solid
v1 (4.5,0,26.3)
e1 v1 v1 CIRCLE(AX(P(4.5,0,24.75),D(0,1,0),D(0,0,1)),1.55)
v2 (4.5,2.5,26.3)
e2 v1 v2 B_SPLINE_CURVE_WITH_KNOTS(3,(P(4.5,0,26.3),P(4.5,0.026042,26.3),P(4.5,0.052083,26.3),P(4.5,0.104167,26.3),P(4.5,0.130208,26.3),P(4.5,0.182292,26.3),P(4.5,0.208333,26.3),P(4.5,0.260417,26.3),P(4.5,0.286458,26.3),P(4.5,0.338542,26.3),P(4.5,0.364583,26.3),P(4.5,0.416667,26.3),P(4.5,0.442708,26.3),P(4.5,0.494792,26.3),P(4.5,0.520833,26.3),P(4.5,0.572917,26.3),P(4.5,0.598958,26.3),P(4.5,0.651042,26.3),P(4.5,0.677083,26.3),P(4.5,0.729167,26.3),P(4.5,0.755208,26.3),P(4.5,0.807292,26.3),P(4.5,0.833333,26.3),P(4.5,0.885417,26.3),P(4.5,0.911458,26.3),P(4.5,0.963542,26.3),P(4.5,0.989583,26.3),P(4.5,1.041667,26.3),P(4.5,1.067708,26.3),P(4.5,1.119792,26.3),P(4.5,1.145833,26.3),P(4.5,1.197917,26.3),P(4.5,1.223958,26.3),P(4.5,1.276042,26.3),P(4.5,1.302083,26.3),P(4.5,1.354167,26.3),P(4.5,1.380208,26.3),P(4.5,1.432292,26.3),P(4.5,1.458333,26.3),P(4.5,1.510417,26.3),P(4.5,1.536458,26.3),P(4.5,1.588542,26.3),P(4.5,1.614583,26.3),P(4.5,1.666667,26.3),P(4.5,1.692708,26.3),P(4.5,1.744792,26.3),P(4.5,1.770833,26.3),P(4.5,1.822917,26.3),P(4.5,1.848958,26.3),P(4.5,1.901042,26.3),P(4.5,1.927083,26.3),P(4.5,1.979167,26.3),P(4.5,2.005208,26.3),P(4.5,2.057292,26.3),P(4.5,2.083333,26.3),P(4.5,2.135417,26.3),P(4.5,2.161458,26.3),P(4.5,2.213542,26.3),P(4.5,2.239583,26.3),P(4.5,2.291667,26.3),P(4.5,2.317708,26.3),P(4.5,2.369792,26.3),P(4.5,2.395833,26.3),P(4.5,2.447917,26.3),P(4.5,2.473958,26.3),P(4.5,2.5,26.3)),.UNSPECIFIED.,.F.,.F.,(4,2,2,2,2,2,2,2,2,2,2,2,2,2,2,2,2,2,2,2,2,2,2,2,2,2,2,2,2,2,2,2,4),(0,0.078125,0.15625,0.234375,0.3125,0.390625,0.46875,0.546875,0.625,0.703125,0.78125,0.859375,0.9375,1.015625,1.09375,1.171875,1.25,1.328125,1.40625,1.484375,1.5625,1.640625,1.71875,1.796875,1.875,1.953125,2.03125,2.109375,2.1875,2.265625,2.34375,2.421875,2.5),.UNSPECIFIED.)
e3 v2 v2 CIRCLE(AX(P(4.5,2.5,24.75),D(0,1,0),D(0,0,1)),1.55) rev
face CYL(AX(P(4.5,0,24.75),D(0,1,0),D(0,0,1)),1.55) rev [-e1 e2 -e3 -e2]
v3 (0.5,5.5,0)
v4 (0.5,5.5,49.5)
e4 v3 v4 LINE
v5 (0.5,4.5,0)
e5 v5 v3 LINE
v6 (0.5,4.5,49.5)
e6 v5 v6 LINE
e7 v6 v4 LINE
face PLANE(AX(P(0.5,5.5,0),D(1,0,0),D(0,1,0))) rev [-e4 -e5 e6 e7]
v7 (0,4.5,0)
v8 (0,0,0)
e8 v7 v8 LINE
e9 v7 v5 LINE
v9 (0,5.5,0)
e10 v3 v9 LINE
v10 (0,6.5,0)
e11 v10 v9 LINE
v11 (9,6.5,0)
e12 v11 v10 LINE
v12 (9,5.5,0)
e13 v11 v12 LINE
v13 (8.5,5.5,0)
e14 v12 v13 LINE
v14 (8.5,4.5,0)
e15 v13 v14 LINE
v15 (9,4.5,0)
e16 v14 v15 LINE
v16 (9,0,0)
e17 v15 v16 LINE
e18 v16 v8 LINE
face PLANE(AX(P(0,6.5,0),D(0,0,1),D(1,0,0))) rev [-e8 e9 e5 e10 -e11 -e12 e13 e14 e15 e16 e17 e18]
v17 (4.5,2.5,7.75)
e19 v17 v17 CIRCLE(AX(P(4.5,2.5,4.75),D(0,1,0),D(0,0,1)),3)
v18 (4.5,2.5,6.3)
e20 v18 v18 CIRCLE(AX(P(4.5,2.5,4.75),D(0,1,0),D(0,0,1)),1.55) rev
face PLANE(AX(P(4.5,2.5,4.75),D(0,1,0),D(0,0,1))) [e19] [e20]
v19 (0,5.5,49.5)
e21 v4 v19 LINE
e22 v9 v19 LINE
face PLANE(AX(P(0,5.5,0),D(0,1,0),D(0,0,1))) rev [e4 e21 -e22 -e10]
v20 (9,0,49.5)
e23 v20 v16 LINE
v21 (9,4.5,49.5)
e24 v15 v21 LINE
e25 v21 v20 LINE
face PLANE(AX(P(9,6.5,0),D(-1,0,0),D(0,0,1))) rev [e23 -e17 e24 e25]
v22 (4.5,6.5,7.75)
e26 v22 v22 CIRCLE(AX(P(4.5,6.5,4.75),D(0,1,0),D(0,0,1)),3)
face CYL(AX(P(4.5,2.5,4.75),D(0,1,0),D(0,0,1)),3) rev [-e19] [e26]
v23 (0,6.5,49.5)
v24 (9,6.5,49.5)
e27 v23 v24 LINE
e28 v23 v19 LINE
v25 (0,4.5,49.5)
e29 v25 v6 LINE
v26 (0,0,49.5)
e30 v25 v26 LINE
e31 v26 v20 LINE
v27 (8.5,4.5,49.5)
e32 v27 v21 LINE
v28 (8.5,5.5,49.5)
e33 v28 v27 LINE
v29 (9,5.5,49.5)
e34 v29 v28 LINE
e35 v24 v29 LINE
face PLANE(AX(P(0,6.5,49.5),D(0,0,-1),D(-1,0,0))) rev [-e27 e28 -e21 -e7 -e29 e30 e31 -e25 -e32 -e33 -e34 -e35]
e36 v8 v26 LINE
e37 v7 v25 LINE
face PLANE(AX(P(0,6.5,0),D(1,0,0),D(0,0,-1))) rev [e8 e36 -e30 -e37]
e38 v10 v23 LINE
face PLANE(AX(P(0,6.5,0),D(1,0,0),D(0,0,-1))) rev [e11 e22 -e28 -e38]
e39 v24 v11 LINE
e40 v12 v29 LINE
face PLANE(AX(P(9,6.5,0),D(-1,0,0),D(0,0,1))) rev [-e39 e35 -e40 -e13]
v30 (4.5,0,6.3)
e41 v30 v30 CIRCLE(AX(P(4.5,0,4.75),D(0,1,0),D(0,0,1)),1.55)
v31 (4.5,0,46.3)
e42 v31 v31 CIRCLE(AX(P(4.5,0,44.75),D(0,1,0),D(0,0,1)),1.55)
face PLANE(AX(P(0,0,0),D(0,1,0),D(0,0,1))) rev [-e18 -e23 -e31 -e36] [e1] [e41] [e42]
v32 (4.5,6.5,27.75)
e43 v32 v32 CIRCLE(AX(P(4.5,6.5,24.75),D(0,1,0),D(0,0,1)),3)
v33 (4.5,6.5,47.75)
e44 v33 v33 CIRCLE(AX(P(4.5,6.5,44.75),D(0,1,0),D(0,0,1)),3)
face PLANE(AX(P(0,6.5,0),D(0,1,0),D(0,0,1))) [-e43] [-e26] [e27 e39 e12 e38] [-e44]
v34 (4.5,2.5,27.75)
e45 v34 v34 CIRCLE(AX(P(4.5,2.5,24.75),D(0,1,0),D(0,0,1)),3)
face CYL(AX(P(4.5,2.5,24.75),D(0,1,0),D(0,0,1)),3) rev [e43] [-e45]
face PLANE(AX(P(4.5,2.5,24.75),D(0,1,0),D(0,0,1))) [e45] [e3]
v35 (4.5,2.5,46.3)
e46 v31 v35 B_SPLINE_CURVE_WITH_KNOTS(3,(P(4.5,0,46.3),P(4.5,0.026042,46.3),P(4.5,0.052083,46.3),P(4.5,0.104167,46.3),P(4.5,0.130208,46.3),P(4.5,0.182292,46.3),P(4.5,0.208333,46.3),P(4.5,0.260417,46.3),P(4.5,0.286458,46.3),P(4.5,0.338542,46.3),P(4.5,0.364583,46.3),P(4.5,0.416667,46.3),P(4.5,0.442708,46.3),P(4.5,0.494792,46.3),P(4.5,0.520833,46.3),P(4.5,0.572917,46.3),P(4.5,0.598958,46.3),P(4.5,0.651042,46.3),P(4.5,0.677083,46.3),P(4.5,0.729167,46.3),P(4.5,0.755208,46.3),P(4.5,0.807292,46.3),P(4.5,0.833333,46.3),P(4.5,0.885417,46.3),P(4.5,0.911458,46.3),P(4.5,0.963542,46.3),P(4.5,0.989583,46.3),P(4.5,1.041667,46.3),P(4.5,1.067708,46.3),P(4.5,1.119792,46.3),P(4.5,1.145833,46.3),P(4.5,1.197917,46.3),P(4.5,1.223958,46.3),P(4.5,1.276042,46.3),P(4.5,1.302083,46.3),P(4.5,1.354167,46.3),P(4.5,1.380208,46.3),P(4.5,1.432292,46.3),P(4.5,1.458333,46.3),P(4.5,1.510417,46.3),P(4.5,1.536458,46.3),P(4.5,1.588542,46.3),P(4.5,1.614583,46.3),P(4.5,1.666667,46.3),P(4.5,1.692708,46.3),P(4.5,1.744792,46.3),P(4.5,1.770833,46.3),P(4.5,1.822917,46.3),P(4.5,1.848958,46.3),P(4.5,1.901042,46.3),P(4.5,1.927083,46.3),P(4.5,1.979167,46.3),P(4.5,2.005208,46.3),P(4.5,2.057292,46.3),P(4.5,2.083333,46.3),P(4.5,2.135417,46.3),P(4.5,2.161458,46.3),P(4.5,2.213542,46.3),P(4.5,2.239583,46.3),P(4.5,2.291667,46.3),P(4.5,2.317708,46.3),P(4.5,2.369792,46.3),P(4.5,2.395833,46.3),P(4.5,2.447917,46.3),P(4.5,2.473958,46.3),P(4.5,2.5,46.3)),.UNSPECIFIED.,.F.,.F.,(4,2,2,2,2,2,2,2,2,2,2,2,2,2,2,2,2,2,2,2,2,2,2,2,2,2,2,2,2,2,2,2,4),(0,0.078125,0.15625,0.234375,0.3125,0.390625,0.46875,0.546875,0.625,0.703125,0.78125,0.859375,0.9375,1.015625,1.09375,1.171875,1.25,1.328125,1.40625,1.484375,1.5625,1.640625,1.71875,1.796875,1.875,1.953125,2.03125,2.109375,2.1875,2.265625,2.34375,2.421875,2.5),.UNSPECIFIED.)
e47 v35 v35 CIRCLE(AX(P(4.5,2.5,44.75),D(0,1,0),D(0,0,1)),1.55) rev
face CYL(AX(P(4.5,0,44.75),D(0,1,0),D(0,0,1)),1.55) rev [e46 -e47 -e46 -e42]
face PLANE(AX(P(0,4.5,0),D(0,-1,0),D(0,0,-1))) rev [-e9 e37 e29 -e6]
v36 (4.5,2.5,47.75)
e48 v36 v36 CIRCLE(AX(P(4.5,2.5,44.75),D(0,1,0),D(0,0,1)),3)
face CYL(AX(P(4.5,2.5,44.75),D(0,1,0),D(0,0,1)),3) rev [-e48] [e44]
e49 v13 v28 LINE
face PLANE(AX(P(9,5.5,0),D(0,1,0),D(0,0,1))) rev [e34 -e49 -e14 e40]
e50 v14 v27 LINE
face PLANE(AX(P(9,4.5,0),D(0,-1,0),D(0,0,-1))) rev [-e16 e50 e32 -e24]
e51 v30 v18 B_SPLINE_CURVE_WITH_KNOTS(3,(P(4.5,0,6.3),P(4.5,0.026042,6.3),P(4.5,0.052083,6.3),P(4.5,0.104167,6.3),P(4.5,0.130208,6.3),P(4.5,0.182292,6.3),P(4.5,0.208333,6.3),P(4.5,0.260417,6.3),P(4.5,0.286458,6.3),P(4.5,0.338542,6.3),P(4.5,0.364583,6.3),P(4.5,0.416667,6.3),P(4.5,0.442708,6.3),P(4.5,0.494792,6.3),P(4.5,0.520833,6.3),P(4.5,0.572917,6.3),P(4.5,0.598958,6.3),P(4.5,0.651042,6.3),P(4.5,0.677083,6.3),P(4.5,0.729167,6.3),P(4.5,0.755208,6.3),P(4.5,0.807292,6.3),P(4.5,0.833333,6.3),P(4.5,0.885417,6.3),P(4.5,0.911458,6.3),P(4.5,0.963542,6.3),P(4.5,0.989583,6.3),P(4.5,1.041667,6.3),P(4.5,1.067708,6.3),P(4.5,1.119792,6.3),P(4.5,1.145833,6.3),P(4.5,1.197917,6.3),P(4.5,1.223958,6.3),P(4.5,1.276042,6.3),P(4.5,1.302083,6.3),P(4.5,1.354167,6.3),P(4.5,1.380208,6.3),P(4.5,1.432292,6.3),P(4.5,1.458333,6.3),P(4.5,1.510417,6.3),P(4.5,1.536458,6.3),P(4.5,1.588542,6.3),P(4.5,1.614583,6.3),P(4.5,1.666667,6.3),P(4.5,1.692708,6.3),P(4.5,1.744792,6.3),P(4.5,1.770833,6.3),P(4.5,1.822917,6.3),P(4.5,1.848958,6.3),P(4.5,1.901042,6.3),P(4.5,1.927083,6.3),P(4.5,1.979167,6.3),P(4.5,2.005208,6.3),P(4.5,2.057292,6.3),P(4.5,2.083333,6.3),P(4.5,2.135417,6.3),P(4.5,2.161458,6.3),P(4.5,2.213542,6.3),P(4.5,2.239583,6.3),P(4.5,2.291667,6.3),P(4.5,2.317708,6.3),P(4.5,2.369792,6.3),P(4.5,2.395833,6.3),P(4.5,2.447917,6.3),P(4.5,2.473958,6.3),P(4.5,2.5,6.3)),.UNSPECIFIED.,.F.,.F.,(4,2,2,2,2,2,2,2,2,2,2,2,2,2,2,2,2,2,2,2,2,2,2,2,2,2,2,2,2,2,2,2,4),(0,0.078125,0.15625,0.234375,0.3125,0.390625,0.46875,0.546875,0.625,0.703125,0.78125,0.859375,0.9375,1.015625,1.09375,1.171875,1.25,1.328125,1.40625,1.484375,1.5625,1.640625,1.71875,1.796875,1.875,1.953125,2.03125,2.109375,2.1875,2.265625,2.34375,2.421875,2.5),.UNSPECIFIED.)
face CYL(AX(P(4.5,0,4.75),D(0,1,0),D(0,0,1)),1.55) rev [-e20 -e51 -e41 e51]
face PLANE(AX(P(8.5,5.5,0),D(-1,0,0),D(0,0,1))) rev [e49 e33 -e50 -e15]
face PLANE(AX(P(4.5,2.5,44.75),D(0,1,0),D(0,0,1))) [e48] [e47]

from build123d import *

# Parameters (mm, degrees)
SKETCH_1_W          = 9
SKETCH_1_H          = 49.5
EXTRUDE_1_DEPTH     = 6.5
SKETCH_2_R          = 1.55
CUT_EXTRUDE_1_DEPTH = 51.729675733
SKETCH_3_R          = 3
CUT_EXTRUDE_2_DEPTH = 4
SKETCH_4_W          = 0.5
SKETCH_4_H          = 1
CUT_EXTRUDE_3_DEPTH = 51.729675733


with BuildPart() as part:
    # 草图1 → 凸台-拉伸1 (new body)
    with BuildSketch(Plane(origin=(0, 0, 0), x_dir=(1, 0, 0), z_dir=(0, 1, 0))):
        with Locations((4.5, -24.75)):
            Rectangle(SKETCH_1_W, SKETCH_1_H)
    extrude(amount=EXTRUDE_1_DEPTH)

    # 草图2 → 切除-拉伸1 (cut, through all)
    with BuildSketch(Plane(origin=(0, 6.5, 0), x_dir=(1, 0, 0), z_dir=(0, 1, 0))):
        with Locations(Location((4.5, -24.75, 0), (0, 0, 270))):
            Circle(SKETCH_2_R)
        with Locations(Location((4.5, -4.75, 0), (0, 0, 270))):
            Circle(SKETCH_2_R)
        with Locations(Location((4.5, -44.75, 0), (0, 0, 270))):
            Circle(SKETCH_2_R)
    extrude(amount=-CUT_EXTRUDE_1_DEPTH, mode=Mode.SUBTRACT)

    # 草图3 → 切除-拉伸2 (cut)
    with BuildSketch(Plane(origin=(0, 6.5, 0), x_dir=(1, 0, 0), z_dir=(0, 1, 0))):
        with Locations(Location((4.5, -44.75, 0), (0, 0, 270))):
            Circle(SKETCH_3_R)
        with Locations(Location((4.5, -24.75, 0), (0, 0, 270))):
            Circle(SKETCH_3_R)
        with Locations(Location((4.5, -4.75, 0), (0, 0, 270))):
            Circle(SKETCH_3_R)
    extrude(amount=-CUT_EXTRUDE_2_DEPTH, mode=Mode.SUBTRACT)

    # 草图4 → 切除-拉伸3 (cut, through all)
    with BuildSketch(Plane.XY.offset(49.5)):
        with Locations((0.25, 5)):
            Rectangle(SKETCH_4_W, SKETCH_4_H)
        with Locations((8.75, 5)):
            Rectangle(SKETCH_4_W, SKETCH_4_H)
    extrude(amount=-CUT_EXTRUDE_3_DEPTH, mode=Mode.SUBTRACT)


solid = part.part
